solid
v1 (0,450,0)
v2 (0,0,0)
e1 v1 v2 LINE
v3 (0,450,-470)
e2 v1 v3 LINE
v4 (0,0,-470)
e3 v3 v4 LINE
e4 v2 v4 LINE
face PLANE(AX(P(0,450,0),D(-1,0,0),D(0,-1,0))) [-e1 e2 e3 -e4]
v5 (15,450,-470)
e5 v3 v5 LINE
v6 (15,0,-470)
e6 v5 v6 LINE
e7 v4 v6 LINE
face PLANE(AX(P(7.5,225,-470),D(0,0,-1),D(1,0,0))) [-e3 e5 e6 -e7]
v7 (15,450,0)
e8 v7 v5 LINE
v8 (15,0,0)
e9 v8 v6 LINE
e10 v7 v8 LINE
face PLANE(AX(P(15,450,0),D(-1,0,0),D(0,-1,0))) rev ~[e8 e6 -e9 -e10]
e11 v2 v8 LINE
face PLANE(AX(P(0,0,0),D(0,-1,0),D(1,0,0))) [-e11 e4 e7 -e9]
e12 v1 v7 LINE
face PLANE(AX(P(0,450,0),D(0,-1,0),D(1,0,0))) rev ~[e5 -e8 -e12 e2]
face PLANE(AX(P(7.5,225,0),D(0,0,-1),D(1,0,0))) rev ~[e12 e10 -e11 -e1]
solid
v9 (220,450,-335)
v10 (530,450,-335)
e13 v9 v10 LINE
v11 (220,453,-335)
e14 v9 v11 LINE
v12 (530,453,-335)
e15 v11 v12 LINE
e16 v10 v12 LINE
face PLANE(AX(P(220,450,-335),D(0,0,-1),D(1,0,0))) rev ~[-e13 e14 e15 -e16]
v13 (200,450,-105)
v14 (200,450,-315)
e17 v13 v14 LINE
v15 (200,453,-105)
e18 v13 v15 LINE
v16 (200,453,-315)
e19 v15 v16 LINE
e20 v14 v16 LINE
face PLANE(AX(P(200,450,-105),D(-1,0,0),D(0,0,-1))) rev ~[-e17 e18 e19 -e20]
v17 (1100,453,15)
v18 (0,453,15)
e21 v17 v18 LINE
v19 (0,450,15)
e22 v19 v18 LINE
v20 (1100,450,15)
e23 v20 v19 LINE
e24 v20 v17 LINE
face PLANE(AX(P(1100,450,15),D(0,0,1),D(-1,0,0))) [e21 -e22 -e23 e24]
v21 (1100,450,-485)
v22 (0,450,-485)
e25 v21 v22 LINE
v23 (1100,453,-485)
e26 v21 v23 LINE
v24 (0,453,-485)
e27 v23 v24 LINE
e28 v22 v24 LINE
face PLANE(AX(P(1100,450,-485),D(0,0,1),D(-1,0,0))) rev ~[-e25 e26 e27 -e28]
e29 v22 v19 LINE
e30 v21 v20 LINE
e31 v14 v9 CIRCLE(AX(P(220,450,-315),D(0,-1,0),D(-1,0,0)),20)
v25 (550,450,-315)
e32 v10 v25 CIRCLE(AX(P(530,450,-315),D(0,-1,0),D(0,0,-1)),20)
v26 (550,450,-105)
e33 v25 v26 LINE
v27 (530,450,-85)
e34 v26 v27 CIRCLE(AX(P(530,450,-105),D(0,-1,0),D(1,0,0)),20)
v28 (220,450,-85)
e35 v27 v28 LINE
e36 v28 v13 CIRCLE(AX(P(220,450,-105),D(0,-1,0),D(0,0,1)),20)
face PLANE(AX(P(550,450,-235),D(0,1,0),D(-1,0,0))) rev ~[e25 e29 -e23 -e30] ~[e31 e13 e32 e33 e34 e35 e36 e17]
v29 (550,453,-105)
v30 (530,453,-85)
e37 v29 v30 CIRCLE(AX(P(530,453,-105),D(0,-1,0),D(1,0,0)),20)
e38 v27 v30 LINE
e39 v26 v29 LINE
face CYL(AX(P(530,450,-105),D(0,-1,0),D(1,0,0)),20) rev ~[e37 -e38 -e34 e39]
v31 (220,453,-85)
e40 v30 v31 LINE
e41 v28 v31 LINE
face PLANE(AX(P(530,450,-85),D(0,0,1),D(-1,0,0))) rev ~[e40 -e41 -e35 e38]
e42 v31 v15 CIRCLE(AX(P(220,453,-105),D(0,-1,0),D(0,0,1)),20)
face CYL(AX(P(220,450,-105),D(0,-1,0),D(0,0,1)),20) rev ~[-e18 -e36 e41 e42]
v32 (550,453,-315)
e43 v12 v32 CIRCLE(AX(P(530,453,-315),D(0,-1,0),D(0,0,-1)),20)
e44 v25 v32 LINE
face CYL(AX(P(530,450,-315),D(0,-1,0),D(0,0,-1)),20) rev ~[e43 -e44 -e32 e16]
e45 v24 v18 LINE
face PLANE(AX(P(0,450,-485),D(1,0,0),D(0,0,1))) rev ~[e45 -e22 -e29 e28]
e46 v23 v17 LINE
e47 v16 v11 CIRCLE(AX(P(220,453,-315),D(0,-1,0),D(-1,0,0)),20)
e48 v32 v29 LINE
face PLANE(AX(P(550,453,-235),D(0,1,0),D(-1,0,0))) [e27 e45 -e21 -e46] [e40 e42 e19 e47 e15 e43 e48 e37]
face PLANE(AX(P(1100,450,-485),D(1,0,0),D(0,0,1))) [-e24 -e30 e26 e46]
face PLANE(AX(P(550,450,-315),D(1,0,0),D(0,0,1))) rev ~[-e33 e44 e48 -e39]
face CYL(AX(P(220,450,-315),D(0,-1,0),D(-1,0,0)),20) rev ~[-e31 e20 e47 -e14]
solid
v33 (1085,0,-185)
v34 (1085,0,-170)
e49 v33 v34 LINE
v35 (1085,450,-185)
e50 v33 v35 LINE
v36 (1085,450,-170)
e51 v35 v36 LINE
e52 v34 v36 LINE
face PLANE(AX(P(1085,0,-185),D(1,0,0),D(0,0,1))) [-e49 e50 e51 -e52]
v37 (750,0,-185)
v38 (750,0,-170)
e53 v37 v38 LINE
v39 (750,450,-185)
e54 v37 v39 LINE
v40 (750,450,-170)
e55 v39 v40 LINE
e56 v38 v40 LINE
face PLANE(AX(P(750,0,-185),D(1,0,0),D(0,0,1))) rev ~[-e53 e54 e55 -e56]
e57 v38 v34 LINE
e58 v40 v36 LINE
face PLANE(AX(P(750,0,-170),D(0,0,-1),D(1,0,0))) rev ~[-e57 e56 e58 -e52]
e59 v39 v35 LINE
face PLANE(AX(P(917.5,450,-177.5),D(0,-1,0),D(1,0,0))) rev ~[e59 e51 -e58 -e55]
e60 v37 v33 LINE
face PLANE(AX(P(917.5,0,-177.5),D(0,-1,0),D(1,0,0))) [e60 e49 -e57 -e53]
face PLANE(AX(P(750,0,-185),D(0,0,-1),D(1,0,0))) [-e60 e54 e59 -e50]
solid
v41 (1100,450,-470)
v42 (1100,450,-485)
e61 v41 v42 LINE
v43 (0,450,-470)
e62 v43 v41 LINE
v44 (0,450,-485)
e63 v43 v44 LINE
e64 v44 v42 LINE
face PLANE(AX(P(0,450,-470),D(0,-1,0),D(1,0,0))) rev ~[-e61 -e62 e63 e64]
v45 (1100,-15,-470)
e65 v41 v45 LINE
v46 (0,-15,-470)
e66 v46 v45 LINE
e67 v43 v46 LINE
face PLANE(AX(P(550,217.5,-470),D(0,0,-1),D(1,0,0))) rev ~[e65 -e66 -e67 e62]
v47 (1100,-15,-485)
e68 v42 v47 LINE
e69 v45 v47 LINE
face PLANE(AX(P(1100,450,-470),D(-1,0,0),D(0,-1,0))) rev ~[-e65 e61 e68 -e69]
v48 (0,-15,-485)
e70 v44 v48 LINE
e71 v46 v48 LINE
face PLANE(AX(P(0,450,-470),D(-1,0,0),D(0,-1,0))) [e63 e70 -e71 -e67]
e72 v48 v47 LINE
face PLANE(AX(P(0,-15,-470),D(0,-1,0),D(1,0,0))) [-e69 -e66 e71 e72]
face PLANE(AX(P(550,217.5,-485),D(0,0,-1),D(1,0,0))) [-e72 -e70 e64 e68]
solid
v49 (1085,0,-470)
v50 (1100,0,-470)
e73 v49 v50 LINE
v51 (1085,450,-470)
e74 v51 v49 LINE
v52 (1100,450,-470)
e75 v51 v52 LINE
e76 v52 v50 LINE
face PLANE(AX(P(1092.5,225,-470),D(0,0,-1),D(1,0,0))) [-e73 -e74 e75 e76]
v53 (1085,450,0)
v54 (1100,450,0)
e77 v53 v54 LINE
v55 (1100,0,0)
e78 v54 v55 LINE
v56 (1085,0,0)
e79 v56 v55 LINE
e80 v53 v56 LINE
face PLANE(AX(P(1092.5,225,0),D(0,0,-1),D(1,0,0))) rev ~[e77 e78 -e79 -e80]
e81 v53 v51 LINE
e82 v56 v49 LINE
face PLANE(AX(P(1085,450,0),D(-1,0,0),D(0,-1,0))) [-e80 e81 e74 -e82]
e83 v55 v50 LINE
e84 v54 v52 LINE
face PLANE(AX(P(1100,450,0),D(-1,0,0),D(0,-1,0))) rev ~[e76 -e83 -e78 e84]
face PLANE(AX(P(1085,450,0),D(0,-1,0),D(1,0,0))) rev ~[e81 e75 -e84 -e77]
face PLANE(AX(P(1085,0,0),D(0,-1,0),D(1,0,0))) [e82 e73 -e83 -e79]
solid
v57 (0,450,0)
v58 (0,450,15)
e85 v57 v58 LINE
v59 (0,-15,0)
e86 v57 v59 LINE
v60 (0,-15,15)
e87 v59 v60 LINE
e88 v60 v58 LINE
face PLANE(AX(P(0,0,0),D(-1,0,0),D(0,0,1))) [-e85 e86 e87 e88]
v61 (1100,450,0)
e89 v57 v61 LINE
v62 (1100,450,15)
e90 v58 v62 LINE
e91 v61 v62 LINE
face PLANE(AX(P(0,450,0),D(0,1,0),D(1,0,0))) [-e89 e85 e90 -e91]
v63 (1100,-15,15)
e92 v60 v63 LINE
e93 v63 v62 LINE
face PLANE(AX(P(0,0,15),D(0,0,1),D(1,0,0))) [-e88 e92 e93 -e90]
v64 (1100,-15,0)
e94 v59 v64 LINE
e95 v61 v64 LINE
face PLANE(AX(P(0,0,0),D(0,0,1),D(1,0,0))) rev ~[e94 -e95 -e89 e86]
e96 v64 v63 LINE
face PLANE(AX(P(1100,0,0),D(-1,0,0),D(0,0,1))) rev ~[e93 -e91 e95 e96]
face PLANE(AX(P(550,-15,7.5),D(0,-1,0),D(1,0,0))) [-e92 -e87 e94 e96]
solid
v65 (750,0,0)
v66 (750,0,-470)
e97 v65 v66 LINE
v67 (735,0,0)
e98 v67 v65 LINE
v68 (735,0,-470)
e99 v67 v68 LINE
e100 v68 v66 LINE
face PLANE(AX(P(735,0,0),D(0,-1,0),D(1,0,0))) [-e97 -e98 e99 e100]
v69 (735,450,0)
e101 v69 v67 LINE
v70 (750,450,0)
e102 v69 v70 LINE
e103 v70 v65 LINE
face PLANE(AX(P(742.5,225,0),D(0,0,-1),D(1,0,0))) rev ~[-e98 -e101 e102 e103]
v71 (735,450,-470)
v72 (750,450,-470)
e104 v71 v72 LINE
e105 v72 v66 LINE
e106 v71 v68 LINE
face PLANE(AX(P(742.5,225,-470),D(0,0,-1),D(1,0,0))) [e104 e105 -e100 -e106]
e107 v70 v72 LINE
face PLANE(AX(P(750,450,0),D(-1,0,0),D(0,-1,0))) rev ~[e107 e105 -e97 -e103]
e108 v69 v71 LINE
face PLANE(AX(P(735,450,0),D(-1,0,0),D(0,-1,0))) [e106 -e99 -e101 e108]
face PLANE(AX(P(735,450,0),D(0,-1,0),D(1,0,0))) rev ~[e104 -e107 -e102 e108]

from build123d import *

# Parameters (mm, degrees)
F0_W      = 1100
F0_H      = 450
F1_DEPTH  = 15
F2_W      = 15
F2_H      = 450
F3_DEPTH  = 470
F4_W      = 1100
F4_H      = 15
F5_DEPTH  = 15
F6_W      = 1100
F6_H      = 465
F7_DEPTH  = 15
F8_W      = 335
F8_H      = 15
F9_DEPTH  = 450
F10_W     = 1100
F10_H     = 500
F11_DEPTH = 3


with BuildPart() as f1:
    # F0 (on Top) → F1 (new body)
    with BuildSketch(Plane.XY):
        with Locations((550, 225)):
            Rectangle(F0_W, F0_H)
    extrude(amount=F1_DEPTH)

    # F4 (on face) → F5 (join)
    with BuildSketch(Plane.XZ):
        with Locations((550, 7.5)):
            Rectangle(F4_W, F4_H)
    extrude(amount=F5_DEPTH)


with BuildPart() as f3:
    # F2 (on face) → F3 (new body)
    with BuildSketch(Plane(origin=(0, 0, 0), x_dir=(1, 0, 0), z_dir=(0, 0, -1))):
        with Locations((1092.5, -225)):
            Rectangle(F2_W, F2_H)
    extrude(amount=F3_DEPTH)


with BuildPart() as f3b:
    # F2 (on face) → F3, piece 2 (new body)
    with BuildSketch(Plane(origin=(0, 0, 0), x_dir=(1, 0, 0), z_dir=(0, 0, -1))):
        with Locations((7.5, -225)):
            Rectangle(F2_W, F2_H)
    extrude(amount=F3_DEPTH)


with BuildPart() as f3c:
    # F2 (on face) → F3, piece 3 (new body)
    with BuildSketch(Plane(origin=(0, 0, 0), x_dir=(1, 0, 0), z_dir=(0, 0, -1))):
        with Locations((742.5, -225)):
            Rectangle(F2_W, F2_H)
    extrude(amount=F3_DEPTH)


with BuildPart() as f7:
    # F6 (on face) → F7 (new body)
    with BuildSketch(Plane(origin=(0, 0, -470), x_dir=(1, 0, 0), z_dir=(0, 0, -1))):
        with Locations((550, -217.5)):
            Rectangle(F6_W, F6_H)
    extrude(amount=F7_DEPTH)


with BuildPart() as f9:
    # F8 (on face) → F9 (new body, through all)
    with BuildSketch(Plane.XZ):
        with Locations((917.5, -177.5)):
            Rectangle(F8_W, F8_H)
    extrude(amount=-F9_DEPTH)


with BuildPart() as f11:
    # F10 (on face) → F11 (new body)
    with BuildSketch(Plane(origin=(0, 450, 0), x_dir=(-1, 0, 0), z_dir=(0, 1, 0))):
        with Locations((-550, -235)):
            Rectangle(F10_W, F10_H)
        with BuildLine():
            ThreePointArc((-550, -105), (-544.1421356237, -90.8578643763), (-530, -85))
            Line((-530, -85), (-220, -85))
            ThreePointArc((-220, -85), (-205.8578643763, -90.8578643763), (-200, -105))
            Line((-200, -105), (-200, -315))
            ThreePointArc((-200, -315), (-205.8578643763, -329.1421356237), (-220, -335))
            Line((-220, -335), (-530, -335))
            ThreePointArc((-530, -335), (-544.1421356237, -329.1421356237), (-550, -315))
            Line((-550, -315), (-550, -105))
        make_face(mode=Mode.SUBTRACT)
    extrude(amount=F11_DEPTH)


solid = Compound([f1.part, f3.part, f3b.part, f3c.part, f7.part, f9.part, f11.part])
